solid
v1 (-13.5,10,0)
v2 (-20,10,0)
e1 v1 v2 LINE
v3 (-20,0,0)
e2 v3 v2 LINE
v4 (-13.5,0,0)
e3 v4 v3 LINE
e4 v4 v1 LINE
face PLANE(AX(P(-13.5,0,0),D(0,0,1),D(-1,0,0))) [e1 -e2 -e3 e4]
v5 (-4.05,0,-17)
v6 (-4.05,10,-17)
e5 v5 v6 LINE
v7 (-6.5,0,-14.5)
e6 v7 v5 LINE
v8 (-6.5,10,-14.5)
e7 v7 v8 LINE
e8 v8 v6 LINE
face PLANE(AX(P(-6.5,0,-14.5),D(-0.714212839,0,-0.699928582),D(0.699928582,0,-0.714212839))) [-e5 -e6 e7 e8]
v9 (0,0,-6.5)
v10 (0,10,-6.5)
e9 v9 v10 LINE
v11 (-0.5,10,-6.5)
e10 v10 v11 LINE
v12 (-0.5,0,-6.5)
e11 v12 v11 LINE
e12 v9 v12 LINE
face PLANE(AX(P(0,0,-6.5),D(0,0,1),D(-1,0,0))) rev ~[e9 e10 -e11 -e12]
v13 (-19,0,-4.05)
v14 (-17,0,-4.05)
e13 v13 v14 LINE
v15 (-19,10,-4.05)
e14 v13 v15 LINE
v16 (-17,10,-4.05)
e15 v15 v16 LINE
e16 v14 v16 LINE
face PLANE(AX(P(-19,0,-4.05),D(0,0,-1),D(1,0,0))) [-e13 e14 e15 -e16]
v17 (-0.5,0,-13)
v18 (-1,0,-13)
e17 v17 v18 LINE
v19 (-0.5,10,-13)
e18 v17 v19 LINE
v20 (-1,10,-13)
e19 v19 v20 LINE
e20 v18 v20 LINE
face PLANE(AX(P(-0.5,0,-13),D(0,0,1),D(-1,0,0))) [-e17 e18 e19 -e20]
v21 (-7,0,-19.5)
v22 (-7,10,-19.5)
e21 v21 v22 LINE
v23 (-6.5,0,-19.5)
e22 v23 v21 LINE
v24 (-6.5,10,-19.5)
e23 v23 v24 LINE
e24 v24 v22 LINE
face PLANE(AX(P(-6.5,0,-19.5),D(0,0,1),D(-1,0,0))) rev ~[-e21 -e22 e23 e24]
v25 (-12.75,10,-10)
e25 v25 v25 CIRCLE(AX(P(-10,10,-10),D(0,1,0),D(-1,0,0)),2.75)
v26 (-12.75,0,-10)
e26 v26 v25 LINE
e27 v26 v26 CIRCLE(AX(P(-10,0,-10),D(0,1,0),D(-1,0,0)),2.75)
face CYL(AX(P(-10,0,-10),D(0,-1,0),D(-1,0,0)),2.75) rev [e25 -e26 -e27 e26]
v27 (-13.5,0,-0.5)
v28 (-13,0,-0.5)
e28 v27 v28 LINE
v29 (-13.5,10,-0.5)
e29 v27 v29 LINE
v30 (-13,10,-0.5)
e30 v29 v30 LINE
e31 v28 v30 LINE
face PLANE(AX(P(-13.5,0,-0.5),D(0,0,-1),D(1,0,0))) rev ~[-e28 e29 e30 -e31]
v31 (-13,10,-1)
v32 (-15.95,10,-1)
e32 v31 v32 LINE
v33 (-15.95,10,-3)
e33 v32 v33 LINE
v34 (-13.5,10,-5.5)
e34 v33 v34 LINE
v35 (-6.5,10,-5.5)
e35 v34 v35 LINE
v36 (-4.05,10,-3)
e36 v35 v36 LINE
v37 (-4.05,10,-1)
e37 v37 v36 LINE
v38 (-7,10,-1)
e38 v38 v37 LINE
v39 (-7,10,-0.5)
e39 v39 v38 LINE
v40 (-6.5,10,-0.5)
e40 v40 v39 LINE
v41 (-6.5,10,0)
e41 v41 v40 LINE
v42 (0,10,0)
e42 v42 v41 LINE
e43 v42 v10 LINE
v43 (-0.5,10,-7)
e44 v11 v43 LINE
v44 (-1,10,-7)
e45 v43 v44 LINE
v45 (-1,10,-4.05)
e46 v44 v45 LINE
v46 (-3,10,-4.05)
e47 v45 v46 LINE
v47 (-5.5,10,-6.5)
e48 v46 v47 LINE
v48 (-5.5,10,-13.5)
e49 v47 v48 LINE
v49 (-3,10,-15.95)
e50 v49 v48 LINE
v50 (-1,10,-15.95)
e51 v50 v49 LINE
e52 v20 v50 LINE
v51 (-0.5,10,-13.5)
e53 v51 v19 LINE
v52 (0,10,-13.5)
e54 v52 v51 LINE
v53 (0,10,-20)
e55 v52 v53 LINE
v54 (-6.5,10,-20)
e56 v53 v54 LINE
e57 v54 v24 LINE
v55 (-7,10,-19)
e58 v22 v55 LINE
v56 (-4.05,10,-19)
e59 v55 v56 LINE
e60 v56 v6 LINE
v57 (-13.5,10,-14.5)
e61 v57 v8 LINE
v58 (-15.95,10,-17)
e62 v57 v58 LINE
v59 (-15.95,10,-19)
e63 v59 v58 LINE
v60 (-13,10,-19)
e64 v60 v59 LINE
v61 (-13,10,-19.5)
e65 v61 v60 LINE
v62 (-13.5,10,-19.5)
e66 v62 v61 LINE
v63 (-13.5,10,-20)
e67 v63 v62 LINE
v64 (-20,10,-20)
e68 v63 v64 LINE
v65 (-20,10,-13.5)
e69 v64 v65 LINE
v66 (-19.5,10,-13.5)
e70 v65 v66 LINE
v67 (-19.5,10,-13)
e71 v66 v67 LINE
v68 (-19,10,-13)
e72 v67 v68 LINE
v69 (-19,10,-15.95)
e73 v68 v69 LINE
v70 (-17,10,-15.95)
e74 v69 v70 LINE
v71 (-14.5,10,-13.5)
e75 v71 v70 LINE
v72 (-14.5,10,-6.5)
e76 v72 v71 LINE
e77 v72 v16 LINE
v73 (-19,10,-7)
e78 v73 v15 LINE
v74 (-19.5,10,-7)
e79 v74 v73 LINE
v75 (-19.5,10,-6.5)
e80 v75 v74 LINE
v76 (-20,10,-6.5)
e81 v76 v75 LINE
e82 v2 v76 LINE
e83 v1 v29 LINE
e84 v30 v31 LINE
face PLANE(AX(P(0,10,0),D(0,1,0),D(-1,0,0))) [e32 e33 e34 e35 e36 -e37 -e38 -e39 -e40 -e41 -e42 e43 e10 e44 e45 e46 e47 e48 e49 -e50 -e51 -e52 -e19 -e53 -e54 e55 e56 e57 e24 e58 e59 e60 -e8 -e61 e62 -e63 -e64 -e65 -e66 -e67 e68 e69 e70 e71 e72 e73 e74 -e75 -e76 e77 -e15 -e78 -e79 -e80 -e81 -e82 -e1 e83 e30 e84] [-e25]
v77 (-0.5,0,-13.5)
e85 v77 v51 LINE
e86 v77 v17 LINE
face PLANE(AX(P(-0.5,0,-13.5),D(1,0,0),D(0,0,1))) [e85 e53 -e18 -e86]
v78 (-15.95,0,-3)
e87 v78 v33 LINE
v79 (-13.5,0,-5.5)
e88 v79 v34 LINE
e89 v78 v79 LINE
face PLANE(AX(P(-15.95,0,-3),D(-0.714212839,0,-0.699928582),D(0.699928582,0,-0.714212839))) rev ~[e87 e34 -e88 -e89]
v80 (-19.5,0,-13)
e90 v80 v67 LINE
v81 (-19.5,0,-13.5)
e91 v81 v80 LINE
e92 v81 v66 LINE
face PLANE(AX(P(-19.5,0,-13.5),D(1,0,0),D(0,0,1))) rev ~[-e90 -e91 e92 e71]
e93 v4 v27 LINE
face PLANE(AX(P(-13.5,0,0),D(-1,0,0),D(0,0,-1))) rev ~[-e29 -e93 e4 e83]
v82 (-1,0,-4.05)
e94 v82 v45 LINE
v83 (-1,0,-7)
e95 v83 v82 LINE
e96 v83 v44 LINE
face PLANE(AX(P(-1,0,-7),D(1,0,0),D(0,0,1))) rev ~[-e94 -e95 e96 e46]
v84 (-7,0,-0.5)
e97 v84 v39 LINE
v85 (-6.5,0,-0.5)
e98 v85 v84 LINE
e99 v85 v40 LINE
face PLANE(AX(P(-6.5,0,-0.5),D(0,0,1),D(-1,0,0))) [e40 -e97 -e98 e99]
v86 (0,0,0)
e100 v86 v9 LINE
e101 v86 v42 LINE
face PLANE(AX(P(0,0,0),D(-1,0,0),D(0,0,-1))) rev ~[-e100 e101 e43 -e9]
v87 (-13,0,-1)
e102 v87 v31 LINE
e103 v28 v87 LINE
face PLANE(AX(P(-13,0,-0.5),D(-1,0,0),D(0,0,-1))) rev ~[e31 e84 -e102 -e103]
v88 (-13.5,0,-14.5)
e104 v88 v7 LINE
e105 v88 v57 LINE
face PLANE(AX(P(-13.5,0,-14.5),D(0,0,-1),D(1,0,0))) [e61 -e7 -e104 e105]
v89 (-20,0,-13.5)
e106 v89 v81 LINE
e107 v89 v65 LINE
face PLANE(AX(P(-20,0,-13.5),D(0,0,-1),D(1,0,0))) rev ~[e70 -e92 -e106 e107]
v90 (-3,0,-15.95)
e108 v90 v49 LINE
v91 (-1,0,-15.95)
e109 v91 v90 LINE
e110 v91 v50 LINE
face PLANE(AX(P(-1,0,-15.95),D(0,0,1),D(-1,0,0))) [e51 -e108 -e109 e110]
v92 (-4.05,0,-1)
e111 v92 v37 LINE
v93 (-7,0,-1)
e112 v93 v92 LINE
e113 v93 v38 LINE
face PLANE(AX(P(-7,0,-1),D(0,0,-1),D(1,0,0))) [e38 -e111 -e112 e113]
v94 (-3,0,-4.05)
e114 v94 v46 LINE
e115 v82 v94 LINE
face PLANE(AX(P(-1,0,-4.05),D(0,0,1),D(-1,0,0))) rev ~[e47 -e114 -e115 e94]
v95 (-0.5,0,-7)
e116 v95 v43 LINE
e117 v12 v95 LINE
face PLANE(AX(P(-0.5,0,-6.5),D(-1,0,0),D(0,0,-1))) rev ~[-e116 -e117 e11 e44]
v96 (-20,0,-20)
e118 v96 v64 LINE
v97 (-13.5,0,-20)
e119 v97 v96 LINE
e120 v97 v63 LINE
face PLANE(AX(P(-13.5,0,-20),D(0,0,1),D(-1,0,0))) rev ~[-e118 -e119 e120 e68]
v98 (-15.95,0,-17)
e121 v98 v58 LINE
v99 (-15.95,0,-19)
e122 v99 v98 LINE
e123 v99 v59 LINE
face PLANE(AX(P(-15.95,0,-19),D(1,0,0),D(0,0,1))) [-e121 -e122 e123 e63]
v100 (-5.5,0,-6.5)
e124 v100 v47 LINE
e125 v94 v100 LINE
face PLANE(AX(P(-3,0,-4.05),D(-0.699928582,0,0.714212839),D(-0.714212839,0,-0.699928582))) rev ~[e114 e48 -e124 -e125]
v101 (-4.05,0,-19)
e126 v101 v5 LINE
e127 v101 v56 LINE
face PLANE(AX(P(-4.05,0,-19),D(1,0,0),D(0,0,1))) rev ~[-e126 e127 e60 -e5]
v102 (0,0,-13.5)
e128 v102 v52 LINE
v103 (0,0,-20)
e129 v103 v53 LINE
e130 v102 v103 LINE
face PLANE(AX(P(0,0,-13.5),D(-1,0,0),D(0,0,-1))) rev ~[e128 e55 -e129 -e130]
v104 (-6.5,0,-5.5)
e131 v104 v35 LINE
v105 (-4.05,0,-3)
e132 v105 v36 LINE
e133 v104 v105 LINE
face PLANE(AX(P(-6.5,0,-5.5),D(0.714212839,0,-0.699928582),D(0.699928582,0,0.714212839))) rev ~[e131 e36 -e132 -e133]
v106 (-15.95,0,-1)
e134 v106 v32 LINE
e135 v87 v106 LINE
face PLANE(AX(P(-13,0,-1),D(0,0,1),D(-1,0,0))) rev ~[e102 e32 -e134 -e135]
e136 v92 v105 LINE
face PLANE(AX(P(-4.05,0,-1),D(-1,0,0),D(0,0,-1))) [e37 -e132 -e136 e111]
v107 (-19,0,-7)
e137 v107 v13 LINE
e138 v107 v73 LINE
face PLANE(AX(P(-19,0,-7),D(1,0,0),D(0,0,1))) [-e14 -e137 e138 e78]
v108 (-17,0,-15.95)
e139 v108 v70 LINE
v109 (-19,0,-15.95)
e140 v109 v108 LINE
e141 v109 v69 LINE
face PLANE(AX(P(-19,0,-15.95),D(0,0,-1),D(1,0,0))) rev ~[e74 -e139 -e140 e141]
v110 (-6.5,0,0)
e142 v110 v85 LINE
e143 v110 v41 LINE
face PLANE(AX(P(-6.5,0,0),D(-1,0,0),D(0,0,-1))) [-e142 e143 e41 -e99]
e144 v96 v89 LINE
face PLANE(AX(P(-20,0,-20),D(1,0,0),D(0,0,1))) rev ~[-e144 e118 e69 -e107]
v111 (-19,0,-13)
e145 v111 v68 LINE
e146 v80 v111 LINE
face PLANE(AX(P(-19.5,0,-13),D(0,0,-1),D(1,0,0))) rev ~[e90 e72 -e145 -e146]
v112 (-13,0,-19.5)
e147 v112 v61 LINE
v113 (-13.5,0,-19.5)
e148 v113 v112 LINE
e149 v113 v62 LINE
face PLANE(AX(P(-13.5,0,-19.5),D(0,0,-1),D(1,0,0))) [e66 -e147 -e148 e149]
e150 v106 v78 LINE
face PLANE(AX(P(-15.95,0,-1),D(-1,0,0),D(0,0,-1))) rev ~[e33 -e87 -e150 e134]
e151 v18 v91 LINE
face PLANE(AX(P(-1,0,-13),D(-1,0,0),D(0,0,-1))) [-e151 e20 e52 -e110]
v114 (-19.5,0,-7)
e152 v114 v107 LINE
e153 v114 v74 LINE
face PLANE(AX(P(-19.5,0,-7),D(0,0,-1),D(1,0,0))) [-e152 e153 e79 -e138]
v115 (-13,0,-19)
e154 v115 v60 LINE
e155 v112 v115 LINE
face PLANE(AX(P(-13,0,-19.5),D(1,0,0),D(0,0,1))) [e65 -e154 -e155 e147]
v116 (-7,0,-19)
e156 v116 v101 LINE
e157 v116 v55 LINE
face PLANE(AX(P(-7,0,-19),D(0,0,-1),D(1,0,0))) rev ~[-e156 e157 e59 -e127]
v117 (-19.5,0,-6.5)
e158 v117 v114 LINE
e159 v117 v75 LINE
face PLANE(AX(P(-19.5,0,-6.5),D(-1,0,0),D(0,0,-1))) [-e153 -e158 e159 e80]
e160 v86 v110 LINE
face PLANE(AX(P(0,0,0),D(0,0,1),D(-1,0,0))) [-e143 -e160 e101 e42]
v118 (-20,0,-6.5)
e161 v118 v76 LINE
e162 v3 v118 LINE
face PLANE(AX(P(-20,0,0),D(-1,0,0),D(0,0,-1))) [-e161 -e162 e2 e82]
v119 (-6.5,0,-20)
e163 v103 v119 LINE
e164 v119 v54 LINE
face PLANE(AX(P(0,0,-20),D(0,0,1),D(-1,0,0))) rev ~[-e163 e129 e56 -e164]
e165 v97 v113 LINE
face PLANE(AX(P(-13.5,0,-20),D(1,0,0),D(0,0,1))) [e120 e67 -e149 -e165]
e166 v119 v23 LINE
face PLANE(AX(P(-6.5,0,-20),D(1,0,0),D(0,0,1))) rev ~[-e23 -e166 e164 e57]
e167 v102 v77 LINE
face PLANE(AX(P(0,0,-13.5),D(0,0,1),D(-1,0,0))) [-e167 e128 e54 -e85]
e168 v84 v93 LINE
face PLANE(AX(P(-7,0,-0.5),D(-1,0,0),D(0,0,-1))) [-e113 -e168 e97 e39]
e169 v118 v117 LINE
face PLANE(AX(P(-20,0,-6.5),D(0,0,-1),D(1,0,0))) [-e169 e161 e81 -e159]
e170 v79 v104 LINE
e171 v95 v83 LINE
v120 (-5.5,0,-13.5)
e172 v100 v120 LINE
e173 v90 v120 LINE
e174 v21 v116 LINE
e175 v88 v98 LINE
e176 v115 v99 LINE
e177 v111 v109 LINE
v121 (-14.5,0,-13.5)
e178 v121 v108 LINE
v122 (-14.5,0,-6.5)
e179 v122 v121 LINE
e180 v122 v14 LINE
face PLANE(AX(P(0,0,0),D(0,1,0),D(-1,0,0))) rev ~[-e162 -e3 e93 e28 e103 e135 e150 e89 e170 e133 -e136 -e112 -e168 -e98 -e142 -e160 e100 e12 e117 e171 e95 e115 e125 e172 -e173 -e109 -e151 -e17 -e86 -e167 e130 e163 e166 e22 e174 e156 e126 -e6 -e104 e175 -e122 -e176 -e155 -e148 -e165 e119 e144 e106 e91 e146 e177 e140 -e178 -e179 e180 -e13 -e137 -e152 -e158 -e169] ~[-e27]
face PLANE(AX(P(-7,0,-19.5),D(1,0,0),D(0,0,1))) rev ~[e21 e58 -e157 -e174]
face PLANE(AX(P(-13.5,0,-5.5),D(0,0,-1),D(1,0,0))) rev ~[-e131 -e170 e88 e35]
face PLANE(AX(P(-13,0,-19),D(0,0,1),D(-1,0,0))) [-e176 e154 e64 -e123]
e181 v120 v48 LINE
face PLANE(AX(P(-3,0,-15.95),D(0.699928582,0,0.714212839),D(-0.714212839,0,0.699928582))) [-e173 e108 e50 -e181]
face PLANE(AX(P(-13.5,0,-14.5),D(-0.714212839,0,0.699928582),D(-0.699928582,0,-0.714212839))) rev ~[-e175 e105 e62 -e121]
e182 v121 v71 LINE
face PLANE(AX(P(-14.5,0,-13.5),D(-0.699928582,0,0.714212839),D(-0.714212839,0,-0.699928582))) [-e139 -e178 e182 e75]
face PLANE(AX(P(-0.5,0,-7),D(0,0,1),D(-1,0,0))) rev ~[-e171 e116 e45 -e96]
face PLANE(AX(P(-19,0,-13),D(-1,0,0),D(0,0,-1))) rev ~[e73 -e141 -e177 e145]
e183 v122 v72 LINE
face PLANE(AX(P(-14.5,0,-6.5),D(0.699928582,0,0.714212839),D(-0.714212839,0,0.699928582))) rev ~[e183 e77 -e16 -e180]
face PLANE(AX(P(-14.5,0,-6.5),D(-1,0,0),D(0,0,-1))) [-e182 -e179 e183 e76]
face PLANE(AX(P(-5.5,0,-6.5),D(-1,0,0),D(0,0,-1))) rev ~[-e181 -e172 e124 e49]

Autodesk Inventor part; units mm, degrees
ref_plane "YZ Plane" through (0, 0, 0) normal (1, 0, 0) x (0, 1, 0)
ref_plane "XZ Plane" through (0, 0, 0) normal (0, 1, 0) x (-1, 0, 0)
ref_plane "XY Plane" through (0, 0, 0) normal (0, 0, 1) x (1, 0, 0)
sketch "Sketch1" plane through (0, 0, 0) normal (0, 1, 0) x (-1, 0, 0)
  line L0 (0, 0) -> (0, -6.5)
  line L1 (0, -6.5) -> (0.5, -6.5)
  line L2 (0.5, -6.5) -> (0.5, -7)
  line L3 (0.5, -7) -> (1, -7)
  line L4 (1, -7) -> (1, -4.05)
  line L5 (1, -4.05) -> (3, -4.05)
  line L6 (5.5, -6.5) -> (5.5, -13.5)
  line L7 (0, -13.5) -> (0.5, -13.5)
  line L8 (0.5, -13.5) -> (0.5, -13)
  line L9 (0.5, -13) -> (1, -13)
  line L10 (1, -13) -> (1, -15.95)
  line L11 (1, -15.95) -> (3, -15.95)
  line L12 (3, -15.95) -> (5.5, -13.5)
  line L13 (3, -4.05) -> (5.5, -6.5)
  line L14 (0, -13.5) -> (0, -20)
  line L15 (0, -20) -> (6.5, -20)
  line L16 (6.5, -20) -> (6.5, -19.5)
  line L17 (6.5, -19.5) -> (7, -19.5)
  line L18 (7, -19.5) -> (7, -19)
  line L19 (7, -19) -> (4.05, -19)
  line L20 (4.05, -19) -> (4.05, -17)
  line L21 (0, 0) -> (6.5, 0)
  line L22 (6.5, 0) -> (6.5, -0.5)
  line L23 (6.5, -0.5) -> (7, -0.5)
  line L24 (7, -0.5) -> (7, -1)
  line L25 (7, -1) -> (4.05, -1)
  line L26 (4.05, -1) -> (4.05, -3)
  line L27 (13.5, -20) -> (13.5, -19.5)
  line L28 (13.5, -19.5) -> (13, -19.5)
  line L29 (13, -19.5) -> (13, -19)
  line L30 (13, -19) -> (15.95, -19)
  line L31 (15.95, -19) -> (15.95, -17)
  line L32 (13.5, -14.5) -> (6.5, -14.5)
  line L33 (6.5, -14.5) -> (4.05, -17)
  line L34 (13.5, -14.5) -> (15.95, -17)
  line L35 (13.5, -20) -> (20, -20)
  line L36 (20, -20) -> (20, -13.5)
  line L37 (20, -13.5) -> (19.5, -13.5)
  line L38 (19.5, -13.5) -> (19.5, -13)
  line L39 (19.5, -13) -> (19, -13)
  line L40 (19, -13) -> (19, -15.95)
  line L41 (19, -15.95) -> (17, -15.95)
  line L42 (13.5, 0) -> (13.5, -0.5)
  line L43 (13.5, -0.5) -> (13, -0.5)
  line L44 (13, -0.5) -> (13, -1)
  line L45 (13, -1) -> (15.95, -1)
  line L46 (15.95, -1) -> (15.95, -3)
  line L47 (13.5, 0) -> (20, 0)
  line L48 (20, 0) -> (20, -6.5)
  line L49 (20, -6.5) -> (19.5, -6.5)
  line L50 (19.5, -6.5) -> (19.5, -7)
  line L51 (19.5, -7) -> (19, -7)
  line L52 (19, -7) -> (19, -4.05)
  line L53 (19, -4.05) -> (17, -4.05)
  line L54 (13.5, -5.5) -> (6.5, -5.5)
  line L55 (15.95, -3) -> (13.5, -5.5)
  line L56 (6.5, -5.5) -> (4.05, -3)
  line L57 (14.5, -6.5) -> (14.5, -13.5)
  line L58 (14.5, -13.5) -> (17, -15.95)
  line L59 (14.5, -6.5) -> (17, -4.05)
  circle A0 centre (10, -10) radius 2.75
  dimension "d0" = 6.5
  dimension "d1" = 0.5
  dimension "d2" = 0.5
  dimension "d3" = 0.5
  dimension "d4" = 2.95
  dimension "d5" = 2
  dimension "d6" = 7
  dimension "d7" = 0.5
  dimension "d8" = 2.95
  dimension "d9" = 2
  dimension "d10" = 6.5
  dimension "d11" = 6.5
  dimension "d12" = 0.5
  dimension "d13" = 0.5
  dimension "d14" = 0.5
  dimension "d15" = 2.95
  dimension "d16" = 2
  dimension "d17" = 5.5
  dimension "d18" = 6.5
  dimension "d19" = 0.5
  dimension "d20" = 0.5
  dimension "d21" = 0.5
  dimension "d22" = 2.95
  dimension "d23" = 2
  dimension "d24" = 5.5
  dimension "d25" = 0.5
  dimension "d26" = 0.5
  dimension "d27" = 0.5
  dimension "d28" = 0.5
  dimension "d29" = 2.95
  dimension "d30" = 2
  dimension "d31" = 7
  dimension "d32" = 6.5
  dimension "d33" = 6.5
  dimension "d34" = 0.5
  dimension "d35" = 0.5
  dimension "d36" = 0.5
  dimension "d37" = 2.95
  dimension "d38" = 2
  dimension "d39" = 5.5
  dimension "d40" = 5.5
  dimension "d41" = 0.5
  dimension "d42" = 0.5
  dimension "d43" = 0.5
  dimension "d44" = 2.95
  dimension "d45" = 2
  dimension "d46" = 6.5
  dimension "d47" = 6.5
  dimension "d48" = 0.5
  dimension "d49" = 0.5
  dimension "d50" = 0.5
  dimension "d51" = 2.95
  dimension "d52" = 2
  dimension "d53" = 7
  dimension "d54" = 5.5
  dimension "d55" = 5.5
  dimension "d56" = 5.5
  dimension "d57" = 5.5
  dimension "d58" = 10
  dimension "d59" = 10
extrude "Extrusion1" add sketch "Sketch1" along normal blind 10
properties part number "Tslot_2020extrusion"
